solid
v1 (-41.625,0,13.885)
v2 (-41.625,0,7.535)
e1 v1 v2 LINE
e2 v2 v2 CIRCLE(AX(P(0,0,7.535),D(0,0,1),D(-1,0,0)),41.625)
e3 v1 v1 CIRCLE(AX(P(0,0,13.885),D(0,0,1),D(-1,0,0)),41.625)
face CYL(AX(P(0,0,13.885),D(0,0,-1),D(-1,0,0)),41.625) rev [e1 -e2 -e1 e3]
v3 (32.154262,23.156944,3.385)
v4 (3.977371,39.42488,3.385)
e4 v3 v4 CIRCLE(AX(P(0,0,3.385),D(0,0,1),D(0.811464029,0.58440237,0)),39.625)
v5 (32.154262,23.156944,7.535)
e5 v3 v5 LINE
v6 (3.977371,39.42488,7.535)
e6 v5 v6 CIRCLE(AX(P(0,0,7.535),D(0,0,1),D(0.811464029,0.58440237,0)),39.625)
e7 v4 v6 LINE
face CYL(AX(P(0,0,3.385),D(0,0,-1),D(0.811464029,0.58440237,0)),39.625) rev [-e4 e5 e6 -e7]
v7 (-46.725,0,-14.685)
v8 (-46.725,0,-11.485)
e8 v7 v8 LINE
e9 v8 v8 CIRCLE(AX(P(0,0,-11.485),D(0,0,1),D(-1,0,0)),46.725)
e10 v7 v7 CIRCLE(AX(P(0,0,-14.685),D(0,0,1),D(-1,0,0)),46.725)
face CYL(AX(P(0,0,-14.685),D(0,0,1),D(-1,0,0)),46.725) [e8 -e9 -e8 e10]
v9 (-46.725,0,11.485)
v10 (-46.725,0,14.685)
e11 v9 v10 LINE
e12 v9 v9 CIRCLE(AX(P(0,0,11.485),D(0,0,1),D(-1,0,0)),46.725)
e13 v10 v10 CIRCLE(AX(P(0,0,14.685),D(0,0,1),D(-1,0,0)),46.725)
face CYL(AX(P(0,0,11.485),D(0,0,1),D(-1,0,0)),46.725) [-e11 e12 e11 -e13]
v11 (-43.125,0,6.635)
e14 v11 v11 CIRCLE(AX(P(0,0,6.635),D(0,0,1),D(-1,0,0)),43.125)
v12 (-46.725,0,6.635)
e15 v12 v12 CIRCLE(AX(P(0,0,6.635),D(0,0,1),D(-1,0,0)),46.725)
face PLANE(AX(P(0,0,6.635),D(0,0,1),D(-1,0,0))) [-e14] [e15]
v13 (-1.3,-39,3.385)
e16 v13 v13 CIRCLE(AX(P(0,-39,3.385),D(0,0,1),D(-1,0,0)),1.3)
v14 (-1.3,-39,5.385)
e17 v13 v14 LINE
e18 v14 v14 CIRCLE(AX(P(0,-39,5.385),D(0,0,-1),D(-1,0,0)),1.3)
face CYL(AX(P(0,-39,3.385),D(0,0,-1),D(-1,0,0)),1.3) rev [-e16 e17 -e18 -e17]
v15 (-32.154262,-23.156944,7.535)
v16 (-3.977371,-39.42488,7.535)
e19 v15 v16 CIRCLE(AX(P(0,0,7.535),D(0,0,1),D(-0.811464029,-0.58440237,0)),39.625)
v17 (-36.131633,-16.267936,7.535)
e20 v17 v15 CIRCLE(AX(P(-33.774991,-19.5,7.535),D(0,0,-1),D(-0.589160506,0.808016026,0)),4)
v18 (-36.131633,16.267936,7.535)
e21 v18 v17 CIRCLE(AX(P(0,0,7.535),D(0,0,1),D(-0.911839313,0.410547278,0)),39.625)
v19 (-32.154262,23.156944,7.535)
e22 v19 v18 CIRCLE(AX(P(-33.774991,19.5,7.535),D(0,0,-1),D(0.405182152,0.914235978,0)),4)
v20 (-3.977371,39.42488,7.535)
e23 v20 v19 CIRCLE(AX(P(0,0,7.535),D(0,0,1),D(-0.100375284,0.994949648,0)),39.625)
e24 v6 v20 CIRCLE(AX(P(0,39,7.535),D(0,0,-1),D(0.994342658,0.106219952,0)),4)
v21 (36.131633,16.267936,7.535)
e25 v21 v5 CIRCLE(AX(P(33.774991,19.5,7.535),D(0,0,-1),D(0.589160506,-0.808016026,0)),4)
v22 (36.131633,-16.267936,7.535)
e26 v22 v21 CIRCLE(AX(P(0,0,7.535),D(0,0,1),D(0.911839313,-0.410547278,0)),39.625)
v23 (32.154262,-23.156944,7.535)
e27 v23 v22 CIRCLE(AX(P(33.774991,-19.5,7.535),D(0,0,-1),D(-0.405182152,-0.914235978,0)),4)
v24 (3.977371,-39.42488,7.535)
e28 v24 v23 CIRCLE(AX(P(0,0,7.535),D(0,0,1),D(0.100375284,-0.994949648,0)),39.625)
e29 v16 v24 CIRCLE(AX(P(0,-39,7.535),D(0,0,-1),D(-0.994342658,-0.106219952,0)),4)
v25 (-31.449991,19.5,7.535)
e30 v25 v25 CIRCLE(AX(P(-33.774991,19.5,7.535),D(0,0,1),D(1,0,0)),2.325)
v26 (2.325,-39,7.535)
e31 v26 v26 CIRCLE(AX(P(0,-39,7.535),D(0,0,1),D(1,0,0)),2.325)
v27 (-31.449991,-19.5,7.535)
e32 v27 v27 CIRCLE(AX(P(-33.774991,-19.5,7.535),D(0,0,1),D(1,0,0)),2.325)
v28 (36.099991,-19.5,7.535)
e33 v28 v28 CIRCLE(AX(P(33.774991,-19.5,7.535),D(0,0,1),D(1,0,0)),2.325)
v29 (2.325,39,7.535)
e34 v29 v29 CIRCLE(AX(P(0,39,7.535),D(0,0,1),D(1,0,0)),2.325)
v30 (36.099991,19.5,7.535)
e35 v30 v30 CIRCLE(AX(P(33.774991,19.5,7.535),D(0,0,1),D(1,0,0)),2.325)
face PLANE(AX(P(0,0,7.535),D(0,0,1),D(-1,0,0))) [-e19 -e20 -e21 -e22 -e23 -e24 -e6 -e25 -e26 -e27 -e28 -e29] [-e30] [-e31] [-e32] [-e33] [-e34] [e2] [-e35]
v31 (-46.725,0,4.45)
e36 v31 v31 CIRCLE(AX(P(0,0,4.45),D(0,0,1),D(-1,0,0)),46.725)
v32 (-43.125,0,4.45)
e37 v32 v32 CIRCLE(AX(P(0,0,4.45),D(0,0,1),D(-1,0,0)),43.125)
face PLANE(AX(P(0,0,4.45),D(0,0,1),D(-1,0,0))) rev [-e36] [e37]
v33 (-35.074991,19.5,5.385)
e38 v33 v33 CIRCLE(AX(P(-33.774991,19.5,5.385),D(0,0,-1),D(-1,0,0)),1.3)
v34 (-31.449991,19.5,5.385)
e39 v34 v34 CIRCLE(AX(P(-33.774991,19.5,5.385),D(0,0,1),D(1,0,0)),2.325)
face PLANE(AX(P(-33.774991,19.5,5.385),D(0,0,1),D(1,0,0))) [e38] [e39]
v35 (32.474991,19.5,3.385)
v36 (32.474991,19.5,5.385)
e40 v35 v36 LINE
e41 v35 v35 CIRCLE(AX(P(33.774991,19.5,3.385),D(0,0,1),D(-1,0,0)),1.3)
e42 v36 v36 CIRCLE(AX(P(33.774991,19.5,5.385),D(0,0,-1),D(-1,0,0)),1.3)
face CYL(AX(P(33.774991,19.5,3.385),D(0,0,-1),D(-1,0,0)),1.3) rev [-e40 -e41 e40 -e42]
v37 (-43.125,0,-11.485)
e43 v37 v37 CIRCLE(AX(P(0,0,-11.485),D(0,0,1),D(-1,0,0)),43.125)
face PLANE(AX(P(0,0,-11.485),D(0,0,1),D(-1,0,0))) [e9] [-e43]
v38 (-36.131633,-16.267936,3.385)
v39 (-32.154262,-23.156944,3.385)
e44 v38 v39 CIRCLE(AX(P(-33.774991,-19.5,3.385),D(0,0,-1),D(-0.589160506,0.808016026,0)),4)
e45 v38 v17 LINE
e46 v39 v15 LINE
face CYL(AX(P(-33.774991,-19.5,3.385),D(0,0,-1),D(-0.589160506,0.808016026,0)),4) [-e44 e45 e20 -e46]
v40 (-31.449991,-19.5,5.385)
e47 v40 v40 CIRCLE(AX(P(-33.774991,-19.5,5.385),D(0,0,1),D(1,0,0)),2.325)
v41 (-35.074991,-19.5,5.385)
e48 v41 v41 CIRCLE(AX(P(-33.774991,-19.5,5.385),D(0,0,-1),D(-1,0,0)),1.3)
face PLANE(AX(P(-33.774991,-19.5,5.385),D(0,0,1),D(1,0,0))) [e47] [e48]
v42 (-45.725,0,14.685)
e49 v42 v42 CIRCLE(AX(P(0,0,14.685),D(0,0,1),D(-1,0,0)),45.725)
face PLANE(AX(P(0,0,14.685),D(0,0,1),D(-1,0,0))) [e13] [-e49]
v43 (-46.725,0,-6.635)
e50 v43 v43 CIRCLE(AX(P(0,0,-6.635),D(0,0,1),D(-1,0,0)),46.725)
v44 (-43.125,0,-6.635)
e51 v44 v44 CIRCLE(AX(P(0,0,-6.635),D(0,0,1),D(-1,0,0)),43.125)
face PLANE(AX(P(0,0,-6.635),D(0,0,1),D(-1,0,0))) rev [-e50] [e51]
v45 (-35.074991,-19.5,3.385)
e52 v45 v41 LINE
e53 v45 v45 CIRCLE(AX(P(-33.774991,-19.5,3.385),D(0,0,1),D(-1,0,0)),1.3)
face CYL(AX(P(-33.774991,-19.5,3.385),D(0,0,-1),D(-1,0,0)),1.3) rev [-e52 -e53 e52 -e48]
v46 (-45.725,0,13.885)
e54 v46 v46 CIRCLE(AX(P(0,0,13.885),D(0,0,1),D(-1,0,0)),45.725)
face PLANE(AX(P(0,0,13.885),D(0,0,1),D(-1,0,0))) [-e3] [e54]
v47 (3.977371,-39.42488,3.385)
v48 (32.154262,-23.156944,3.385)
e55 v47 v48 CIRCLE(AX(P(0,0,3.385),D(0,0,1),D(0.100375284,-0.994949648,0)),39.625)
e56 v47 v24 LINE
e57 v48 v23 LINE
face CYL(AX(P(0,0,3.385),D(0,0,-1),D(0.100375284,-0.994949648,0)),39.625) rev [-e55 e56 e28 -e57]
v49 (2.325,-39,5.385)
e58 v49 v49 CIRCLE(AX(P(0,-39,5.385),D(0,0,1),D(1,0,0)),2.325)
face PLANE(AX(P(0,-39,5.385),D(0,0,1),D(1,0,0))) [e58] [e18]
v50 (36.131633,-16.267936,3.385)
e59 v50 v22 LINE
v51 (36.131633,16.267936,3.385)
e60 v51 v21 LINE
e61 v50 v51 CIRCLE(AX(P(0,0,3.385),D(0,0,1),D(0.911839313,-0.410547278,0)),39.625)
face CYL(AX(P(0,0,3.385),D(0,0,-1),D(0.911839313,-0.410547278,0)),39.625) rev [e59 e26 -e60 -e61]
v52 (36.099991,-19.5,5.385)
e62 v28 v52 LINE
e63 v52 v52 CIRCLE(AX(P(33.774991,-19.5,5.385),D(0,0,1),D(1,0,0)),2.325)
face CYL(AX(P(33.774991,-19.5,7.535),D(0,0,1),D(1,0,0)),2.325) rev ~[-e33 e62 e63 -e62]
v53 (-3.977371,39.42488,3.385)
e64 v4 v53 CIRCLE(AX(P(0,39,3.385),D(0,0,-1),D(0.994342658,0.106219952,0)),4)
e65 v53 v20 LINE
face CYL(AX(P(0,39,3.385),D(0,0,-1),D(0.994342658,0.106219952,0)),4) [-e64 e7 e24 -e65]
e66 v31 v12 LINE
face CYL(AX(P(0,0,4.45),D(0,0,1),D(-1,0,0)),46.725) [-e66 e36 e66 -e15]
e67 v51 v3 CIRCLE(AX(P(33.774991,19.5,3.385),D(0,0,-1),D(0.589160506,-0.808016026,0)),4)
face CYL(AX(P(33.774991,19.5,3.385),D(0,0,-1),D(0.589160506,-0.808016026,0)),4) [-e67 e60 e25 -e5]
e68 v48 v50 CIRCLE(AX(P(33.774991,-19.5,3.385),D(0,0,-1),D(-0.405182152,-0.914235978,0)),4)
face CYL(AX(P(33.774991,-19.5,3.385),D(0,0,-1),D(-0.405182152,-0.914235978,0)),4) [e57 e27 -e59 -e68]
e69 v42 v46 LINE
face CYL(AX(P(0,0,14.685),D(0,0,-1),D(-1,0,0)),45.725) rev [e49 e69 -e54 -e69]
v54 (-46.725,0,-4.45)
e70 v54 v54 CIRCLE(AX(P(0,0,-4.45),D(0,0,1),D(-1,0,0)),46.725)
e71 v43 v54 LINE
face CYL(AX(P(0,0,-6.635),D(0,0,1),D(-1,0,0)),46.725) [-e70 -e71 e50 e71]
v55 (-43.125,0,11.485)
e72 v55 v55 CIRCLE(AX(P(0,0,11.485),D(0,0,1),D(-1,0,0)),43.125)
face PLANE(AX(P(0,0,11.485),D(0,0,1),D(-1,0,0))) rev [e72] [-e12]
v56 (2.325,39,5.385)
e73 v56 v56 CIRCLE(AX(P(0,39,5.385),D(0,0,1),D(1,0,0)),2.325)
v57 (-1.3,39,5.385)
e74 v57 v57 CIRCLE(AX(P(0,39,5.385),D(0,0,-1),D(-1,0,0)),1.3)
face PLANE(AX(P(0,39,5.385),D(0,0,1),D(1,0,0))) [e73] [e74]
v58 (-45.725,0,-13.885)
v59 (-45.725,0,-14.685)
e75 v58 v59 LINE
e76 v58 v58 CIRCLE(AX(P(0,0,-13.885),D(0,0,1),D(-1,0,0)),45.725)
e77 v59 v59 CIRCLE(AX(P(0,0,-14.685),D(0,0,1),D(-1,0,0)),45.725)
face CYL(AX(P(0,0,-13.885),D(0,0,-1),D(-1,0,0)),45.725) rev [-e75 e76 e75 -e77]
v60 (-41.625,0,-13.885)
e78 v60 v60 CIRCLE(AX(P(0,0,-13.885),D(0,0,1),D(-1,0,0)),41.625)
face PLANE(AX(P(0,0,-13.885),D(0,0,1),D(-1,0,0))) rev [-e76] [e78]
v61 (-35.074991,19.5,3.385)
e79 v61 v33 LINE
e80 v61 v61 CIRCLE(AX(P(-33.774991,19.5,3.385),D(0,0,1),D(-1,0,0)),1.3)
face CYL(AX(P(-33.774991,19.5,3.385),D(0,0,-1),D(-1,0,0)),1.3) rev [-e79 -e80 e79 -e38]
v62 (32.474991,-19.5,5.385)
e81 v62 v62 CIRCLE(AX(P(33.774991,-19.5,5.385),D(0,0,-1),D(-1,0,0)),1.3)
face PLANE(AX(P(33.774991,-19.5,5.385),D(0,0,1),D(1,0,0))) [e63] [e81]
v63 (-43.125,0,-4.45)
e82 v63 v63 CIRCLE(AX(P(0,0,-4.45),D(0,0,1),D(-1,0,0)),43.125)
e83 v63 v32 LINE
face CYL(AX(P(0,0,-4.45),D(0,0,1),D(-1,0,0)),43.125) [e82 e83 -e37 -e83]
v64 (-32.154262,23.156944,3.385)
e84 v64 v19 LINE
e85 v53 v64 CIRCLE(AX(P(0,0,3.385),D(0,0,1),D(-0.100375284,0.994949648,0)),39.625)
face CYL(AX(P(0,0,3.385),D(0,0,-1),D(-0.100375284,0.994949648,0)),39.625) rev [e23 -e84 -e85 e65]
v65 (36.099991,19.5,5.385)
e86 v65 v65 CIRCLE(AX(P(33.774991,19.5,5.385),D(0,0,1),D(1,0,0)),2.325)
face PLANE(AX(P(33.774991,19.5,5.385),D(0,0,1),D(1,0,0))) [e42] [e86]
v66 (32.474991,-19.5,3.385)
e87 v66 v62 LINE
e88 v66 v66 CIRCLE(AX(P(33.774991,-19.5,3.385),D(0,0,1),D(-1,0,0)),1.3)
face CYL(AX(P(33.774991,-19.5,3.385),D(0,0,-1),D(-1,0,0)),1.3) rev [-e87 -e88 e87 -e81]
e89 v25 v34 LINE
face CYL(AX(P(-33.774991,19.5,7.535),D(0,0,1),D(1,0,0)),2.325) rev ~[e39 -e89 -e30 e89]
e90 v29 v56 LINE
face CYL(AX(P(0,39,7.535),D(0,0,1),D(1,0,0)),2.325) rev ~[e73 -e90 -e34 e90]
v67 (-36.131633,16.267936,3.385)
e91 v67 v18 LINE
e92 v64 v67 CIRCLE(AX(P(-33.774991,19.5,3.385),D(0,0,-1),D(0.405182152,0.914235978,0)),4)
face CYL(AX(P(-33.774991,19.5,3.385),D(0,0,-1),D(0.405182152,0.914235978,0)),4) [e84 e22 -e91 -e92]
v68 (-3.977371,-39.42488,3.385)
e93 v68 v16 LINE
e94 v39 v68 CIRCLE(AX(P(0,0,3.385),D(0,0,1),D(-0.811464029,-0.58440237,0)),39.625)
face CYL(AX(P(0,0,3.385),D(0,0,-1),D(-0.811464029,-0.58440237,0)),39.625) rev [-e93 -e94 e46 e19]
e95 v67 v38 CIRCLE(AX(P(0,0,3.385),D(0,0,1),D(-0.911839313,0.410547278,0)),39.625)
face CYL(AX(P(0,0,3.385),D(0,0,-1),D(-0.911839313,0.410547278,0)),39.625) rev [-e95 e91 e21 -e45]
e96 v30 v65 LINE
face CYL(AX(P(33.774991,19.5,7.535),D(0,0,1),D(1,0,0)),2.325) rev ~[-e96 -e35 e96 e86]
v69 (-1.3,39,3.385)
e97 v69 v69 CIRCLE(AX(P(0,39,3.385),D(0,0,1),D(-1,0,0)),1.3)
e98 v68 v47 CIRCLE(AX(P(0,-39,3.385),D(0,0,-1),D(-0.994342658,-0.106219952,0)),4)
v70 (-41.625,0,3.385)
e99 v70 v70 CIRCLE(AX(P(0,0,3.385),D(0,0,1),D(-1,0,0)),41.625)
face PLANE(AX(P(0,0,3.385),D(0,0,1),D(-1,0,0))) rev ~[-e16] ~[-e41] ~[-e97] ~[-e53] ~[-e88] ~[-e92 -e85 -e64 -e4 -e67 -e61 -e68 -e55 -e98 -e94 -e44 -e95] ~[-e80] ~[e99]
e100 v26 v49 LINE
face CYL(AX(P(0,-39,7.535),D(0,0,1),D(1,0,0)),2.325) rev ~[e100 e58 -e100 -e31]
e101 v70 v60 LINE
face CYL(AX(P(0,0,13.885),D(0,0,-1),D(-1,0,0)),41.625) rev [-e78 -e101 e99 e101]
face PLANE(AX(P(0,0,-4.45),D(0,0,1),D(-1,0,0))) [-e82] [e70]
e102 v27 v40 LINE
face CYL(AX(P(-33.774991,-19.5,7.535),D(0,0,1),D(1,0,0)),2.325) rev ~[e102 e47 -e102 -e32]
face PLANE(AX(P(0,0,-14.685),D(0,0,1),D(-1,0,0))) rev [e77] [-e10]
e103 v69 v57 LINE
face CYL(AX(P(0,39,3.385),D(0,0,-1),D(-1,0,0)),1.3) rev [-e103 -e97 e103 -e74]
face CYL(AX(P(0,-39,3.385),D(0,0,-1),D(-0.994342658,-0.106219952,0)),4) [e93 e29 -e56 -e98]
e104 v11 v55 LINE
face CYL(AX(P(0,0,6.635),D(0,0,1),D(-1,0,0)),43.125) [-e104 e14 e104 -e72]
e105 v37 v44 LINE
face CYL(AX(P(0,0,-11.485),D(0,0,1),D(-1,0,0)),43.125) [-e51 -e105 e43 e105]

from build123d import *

# Parameters (mm, degrees)
SCHIZZO2_R                   = 41.625
SCHIZZO2_R_2                 = 1.3
ESTRUSIONE_ESTRUSIONE1_DEPTH = 4.15
SCHIZZO3_R                   = 2.325
TAGLIO_ESTRUSIONE1_DEPTH     = 2.15


with BuildPart() as part:
    # Schizzo1 → Rivoluzione1 (revolve)
    with BuildSketch(Plane(origin=(0, 0, 0), x_dir=(0, 0, -1), z_dir=(1, 0, 0)), mode=Mode.PRIVATE) as rivoluzione1_sk:
        Polygon((-13.885, 41.625), (13.885, 41.625), (13.885, 45.725), (14.685, 45.725), (14.685, 46.725), (11.485, 46.725), (11.485, 43.125), (6.635, 43.125), (6.635, 46.725), (4.45, 46.725), (4.45, 43.125), (-4.45, 43.125), (-4.45, 46.725), (-6.635, 46.725), (-6.635, 43.125), (-11.485, 43.125), (-11.485, 46.725), (-14.685, 46.725), (-14.685, 45.725), (-13.885, 45.725), align=None)
    revolve(rivoluzione1_sk.sketch.rotate(Axis((0, 0, 0), (0, 0, 1)), 90), axis=Axis((0, 0, 0), (0, 0, 1)))

    # Schizzo2 → Estrusione-Estrusione1 (add)
    with BuildSketch(Plane.XY.offset(3.385)):
        with Locations(Location((0, 0, 0), (0, 0, 180))):
            Circle(SCHIZZO2_R)
        with Locations(Location((0, 39, 0), (0, 0, 180))):
            Circle(SCHIZZO2_R_2, mode=Mode.SUBTRACT)
        with Locations(Location((33.774990748, 19.5, 0), (0, 0, 180))):
            Circle(SCHIZZO2_R_2, mode=Mode.SUBTRACT)
        with Locations(Location((33.774990748, -19.5, 0), (0, 0, 180))):
            Circle(SCHIZZO2_R_2, mode=Mode.SUBTRACT)
        with Locations(Location((0, -39, 0), (0, 0, 180))):
            Circle(SCHIZZO2_R_2, mode=Mode.SUBTRACT)
        with Locations(Location((-33.774990748, -19.5, 0), (0, 0, 180))):
            Circle(SCHIZZO2_R_2, mode=Mode.SUBTRACT)
        with Locations(Location((-33.774990748, 19.5, 0), (0, 0, 180))):
            Circle(SCHIZZO2_R_2, mode=Mode.SUBTRACT)
        with BuildLine():
            ThreePointArc((-36.131632771, 16.267935896), (-39.625, 0), (-36.131632771, -16.267935896))
            ThreePointArc((-36.131632771, -16.267935896), (-30.310889132, -17.5), (-32.154262138, -23.156943912))
            ThreePointArc((-32.154262138, -23.156943912), (-19.8125, -34.316256625), (-3.977370633, -39.424879808))
            ThreePointArc((-3.977370633, -39.424879808), (0, -35), (3.977370633, -39.424879808))
            ThreePointArc((3.977370633, -39.424879808), (19.8125, -34.316256625), (32.154262138, -23.156943912))
            ThreePointArc((32.154262138, -23.156943912), (30.310889132, -17.5), (36.131632771, -16.267935896))
            ThreePointArc((36.131632771, -16.267935896), (39.625, 0), (36.131632771, 16.267935896))
            ThreePointArc((36.131632771, 16.267935896), (30.310889132, 17.5), (32.154262138, 23.156943912))
            ThreePointArc((32.154262138, 23.156943912), (19.8125, 34.316256625), (3.977370633, 39.424879808))
            ThreePointArc((3.977370633, 39.424879808), (0, 35), (-3.977370633, 39.424879808))
            ThreePointArc((-3.977370633, 39.424879808), (-19.8125, 34.316256625), (-32.154262138, 23.156943912))
            ThreePointArc((-32.154262138, 23.156943912), (-30.310889132, 17.5), (-36.131632771, 16.267935896))
        make_face(mode=Mode.SUBTRACT)
    extrude(amount=ESTRUSIONE_ESTRUSIONE1_DEPTH)

    # Schizzo3 → Taglio-Estrusione1 (cut)
    with BuildSketch(Plane.XY.offset(7.535)):
        with Locations((-33.774990748, -19.5)):
            Circle(SCHIZZO3_R)
        with Locations((-33.774990748, 19.5)):
            Circle(SCHIZZO3_R)
        with Locations((0, 39)):
            Circle(SCHIZZO3_R)
        with Locations((33.774990748, 19.5)):
            Circle(SCHIZZO3_R)
        with Locations((33.774990748, -19.5)):
            Circle(SCHIZZO3_R)
        with Locations((0, -39)):
            Circle(SCHIZZO3_R)
    extrude(amount=-TAGLIO_ESTRUSIONE1_DEPTH, mode=Mode.SUBTRACT)


solid = part.part
